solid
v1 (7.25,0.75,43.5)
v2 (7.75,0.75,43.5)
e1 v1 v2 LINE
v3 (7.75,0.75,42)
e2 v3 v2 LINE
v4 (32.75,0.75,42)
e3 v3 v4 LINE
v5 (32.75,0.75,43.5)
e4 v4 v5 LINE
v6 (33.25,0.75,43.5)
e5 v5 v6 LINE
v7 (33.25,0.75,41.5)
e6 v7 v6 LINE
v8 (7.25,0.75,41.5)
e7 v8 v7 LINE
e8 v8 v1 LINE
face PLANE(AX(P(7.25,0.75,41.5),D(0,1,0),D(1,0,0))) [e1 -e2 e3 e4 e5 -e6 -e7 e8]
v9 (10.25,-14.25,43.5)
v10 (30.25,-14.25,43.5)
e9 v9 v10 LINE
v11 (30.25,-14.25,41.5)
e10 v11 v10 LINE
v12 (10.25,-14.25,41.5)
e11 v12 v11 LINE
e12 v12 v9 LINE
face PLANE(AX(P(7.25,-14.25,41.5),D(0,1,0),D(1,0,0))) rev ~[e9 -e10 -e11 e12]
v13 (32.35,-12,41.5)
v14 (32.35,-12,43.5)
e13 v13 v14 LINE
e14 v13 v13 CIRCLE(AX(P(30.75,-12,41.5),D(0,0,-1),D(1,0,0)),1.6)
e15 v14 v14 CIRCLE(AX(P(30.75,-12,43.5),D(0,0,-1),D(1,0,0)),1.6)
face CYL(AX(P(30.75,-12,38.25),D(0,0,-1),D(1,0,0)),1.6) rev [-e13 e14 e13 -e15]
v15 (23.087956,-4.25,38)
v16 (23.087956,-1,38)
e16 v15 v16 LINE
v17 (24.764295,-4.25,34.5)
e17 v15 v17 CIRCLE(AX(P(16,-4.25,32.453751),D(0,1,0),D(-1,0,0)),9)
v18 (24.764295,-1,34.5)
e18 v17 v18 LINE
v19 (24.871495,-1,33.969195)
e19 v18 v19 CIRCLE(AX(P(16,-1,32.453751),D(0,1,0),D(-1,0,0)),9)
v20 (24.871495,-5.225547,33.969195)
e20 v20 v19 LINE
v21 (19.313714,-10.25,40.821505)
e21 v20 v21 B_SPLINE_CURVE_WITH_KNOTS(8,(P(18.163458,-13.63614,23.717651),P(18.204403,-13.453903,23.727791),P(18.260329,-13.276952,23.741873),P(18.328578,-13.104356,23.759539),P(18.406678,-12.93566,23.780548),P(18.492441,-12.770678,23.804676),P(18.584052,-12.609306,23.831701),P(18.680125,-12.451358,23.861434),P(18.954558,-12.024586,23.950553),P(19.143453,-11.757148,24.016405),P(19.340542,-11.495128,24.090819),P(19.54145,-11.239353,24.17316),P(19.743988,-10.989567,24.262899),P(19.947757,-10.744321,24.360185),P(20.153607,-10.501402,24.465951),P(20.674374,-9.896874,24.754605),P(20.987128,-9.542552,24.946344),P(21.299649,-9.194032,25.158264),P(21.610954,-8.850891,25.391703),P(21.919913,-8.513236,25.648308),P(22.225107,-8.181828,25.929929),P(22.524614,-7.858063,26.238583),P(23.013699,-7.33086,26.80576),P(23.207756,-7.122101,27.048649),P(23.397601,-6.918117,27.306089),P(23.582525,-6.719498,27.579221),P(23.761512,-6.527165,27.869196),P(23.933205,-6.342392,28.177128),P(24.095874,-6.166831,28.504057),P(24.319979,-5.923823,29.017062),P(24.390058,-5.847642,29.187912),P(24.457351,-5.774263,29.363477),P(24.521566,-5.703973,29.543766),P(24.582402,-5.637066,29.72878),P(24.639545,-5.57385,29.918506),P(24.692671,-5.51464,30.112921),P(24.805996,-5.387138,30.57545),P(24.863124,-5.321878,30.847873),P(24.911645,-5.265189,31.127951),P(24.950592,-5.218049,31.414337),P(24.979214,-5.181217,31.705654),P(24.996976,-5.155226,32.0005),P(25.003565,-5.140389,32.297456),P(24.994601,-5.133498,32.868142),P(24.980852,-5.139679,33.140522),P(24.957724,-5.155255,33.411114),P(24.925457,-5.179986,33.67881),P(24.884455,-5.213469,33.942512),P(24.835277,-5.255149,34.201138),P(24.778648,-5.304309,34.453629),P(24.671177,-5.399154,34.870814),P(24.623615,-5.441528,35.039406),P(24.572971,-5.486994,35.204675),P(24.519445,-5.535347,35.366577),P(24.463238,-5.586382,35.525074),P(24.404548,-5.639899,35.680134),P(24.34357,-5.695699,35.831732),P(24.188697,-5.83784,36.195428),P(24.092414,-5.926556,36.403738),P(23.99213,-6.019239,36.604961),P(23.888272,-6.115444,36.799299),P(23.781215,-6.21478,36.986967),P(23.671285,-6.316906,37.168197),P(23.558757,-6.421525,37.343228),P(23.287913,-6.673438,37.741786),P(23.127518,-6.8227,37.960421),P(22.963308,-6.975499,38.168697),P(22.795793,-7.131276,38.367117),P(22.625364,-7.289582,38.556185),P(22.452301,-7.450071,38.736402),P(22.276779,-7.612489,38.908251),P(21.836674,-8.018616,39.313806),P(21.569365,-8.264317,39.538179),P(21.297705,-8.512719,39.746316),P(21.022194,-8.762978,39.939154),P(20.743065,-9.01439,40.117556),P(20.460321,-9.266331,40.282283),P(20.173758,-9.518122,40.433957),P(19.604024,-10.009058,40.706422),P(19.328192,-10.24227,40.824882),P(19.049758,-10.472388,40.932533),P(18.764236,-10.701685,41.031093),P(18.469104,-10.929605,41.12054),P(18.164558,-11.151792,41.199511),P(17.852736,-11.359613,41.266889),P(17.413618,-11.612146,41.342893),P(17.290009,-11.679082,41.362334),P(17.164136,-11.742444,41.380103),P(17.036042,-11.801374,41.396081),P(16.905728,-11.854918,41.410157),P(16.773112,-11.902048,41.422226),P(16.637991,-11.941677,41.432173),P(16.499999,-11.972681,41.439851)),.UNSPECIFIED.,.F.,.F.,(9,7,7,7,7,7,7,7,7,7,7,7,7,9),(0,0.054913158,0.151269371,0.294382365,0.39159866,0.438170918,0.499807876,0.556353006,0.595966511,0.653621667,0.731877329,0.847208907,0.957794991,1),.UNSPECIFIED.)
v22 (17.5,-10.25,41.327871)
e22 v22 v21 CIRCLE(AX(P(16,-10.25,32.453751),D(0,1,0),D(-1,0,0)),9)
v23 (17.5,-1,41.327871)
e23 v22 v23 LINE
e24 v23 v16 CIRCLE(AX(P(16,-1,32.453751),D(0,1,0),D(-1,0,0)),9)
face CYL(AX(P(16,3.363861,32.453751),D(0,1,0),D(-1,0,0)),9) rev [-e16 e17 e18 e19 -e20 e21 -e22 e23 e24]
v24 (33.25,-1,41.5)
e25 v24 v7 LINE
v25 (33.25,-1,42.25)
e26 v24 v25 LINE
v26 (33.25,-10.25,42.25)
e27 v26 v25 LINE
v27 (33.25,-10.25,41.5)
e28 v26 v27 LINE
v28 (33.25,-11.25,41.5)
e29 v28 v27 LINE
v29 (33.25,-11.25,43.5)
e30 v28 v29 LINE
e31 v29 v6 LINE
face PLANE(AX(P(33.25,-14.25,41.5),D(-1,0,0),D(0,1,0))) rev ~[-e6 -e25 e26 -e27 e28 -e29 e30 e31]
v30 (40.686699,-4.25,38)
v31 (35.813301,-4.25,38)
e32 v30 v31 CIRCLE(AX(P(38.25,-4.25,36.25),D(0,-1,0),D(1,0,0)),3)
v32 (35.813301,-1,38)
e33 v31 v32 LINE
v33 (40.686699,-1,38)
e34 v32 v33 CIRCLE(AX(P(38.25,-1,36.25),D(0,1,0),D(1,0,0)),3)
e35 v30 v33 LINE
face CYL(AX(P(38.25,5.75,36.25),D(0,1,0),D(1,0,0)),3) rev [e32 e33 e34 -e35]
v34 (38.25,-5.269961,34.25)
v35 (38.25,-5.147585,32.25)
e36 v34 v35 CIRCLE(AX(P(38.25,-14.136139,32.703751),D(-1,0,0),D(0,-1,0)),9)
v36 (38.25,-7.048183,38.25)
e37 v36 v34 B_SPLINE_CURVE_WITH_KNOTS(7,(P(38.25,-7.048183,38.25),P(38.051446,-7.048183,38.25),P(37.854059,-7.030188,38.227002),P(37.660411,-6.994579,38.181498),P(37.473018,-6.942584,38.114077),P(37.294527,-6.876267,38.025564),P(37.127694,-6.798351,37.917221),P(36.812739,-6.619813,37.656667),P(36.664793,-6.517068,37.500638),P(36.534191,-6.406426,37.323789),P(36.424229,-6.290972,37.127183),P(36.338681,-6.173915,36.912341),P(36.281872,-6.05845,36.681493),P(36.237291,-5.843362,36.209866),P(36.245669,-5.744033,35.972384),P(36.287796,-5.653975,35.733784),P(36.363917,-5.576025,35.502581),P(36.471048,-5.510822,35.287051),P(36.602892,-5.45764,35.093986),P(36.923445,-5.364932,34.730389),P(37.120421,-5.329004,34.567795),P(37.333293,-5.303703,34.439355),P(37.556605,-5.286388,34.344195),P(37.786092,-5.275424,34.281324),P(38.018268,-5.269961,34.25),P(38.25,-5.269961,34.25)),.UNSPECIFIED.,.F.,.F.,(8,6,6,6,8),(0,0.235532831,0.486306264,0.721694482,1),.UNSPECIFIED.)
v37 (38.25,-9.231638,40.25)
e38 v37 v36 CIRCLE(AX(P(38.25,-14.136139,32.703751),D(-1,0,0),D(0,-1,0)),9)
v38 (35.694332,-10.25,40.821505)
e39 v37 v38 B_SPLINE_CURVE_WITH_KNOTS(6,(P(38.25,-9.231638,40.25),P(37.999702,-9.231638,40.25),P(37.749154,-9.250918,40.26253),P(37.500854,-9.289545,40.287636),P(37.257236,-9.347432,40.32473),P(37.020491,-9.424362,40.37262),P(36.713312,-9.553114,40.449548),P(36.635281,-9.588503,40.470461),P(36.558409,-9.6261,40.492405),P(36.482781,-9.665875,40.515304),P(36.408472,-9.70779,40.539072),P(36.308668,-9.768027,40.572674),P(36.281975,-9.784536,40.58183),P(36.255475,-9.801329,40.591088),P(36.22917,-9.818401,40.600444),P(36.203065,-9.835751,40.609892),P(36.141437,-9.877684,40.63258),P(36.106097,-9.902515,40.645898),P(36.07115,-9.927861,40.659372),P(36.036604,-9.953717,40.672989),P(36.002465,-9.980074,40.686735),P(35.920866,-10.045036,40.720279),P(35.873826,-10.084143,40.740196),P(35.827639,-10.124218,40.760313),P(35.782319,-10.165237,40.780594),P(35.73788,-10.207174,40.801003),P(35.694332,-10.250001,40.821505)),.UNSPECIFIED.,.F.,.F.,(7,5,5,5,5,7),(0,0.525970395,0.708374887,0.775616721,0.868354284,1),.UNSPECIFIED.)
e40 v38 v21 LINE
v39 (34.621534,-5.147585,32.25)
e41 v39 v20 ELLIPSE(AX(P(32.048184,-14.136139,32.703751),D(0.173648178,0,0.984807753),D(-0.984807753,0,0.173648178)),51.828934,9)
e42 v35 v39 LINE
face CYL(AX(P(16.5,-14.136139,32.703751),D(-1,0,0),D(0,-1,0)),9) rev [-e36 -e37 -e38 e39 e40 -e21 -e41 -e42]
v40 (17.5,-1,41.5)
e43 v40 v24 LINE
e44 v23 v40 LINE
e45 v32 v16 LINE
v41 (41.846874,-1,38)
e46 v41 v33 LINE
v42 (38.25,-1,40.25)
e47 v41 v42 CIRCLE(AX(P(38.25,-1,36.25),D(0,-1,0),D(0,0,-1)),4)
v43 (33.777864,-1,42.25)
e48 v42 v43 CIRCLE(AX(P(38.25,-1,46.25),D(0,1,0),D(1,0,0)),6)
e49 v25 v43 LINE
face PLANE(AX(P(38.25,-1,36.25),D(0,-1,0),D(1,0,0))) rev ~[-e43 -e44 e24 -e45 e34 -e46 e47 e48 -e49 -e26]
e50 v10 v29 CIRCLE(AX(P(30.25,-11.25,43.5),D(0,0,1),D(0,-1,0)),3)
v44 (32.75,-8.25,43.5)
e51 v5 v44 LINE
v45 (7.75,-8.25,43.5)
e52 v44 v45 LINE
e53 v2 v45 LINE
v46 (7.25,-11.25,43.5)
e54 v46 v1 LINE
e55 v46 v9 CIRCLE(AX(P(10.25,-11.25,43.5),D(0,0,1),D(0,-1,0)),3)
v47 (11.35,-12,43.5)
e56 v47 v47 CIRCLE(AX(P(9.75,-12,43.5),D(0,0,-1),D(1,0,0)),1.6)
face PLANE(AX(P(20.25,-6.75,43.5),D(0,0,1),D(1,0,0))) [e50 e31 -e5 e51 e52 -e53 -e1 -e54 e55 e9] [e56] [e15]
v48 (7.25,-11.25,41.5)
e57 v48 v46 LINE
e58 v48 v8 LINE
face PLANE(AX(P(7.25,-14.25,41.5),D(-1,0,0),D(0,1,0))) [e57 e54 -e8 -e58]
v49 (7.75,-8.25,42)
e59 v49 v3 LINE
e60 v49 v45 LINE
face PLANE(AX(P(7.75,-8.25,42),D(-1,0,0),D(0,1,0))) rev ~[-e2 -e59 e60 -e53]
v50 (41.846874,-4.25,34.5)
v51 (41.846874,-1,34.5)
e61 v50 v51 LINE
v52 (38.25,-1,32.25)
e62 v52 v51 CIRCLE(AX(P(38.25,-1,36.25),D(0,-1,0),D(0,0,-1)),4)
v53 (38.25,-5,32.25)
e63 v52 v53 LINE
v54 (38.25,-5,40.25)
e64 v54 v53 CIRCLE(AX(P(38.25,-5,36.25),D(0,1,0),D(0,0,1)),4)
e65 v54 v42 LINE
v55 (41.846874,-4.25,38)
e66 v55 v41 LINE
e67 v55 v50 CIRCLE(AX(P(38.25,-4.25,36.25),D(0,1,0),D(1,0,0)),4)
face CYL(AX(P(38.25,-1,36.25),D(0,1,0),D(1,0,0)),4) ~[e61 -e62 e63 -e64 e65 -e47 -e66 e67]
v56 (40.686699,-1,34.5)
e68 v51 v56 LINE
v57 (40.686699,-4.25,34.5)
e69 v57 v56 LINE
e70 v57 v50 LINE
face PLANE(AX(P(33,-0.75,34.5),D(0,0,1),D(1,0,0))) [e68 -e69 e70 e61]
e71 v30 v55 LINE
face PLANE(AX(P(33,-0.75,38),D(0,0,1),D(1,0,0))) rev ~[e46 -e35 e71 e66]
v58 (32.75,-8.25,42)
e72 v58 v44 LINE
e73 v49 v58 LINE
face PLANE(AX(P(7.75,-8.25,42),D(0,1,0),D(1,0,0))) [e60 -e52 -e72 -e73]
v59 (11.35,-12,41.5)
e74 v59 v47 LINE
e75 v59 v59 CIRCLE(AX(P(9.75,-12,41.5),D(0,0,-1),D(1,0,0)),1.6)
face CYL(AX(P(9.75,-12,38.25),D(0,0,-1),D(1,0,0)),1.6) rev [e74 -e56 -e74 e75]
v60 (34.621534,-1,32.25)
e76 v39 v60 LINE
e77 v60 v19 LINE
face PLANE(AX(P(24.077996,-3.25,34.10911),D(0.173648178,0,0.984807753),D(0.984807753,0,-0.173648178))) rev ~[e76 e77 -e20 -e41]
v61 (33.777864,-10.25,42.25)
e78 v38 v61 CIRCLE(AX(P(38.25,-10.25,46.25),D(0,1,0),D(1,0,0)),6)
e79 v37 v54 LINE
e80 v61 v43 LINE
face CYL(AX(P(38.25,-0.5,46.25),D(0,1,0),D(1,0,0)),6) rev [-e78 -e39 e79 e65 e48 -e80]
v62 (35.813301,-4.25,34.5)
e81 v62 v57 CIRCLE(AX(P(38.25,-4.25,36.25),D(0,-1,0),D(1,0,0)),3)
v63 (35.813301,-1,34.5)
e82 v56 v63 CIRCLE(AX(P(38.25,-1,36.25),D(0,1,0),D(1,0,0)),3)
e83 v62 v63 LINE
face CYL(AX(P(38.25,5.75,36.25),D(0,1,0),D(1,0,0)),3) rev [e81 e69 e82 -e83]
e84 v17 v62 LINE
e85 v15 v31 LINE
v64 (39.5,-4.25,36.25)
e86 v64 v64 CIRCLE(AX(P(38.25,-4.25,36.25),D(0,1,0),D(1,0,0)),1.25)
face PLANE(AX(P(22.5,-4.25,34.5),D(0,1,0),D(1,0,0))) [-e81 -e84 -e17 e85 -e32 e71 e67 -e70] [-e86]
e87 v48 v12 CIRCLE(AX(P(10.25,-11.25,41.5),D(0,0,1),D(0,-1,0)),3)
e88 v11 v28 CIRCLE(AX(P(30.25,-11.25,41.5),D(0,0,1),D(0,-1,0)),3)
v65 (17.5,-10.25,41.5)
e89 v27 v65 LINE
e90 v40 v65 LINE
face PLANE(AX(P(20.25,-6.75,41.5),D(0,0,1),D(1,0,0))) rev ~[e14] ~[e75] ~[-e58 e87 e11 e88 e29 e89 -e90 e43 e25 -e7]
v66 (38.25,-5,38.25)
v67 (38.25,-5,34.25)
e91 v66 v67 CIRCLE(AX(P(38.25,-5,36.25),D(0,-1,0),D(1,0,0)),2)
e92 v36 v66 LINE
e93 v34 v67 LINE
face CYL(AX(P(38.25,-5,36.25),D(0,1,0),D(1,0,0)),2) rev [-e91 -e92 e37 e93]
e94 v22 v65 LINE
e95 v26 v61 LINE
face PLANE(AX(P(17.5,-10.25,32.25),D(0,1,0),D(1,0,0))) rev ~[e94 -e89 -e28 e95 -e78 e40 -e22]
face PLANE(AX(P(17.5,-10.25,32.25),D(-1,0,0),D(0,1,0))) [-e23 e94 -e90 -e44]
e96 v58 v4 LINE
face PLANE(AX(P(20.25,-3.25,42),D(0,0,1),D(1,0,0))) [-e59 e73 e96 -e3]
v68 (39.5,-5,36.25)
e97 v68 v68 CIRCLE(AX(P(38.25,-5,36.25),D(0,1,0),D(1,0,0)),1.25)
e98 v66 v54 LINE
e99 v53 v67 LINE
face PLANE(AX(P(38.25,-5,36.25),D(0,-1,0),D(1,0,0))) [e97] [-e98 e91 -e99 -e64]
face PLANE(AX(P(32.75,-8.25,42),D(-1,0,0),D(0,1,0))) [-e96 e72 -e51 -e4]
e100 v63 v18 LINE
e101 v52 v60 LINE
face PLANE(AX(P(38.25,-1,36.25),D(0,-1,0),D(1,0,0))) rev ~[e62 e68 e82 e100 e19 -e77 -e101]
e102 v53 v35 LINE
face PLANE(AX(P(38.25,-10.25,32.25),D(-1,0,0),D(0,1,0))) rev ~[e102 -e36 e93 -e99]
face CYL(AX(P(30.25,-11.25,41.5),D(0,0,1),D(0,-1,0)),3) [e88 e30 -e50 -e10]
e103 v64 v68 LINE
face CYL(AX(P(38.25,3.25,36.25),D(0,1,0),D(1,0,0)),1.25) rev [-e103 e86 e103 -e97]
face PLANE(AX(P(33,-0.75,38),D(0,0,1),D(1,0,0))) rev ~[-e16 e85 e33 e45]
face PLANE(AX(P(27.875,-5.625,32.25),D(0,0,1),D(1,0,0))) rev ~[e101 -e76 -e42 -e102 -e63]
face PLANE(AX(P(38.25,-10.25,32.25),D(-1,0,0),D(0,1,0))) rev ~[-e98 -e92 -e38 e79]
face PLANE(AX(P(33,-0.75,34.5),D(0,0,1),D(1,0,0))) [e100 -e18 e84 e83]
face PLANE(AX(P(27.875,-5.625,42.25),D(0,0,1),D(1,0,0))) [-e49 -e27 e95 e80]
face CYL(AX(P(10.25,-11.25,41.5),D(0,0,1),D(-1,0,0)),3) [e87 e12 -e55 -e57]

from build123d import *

# Parameters (mm, degrees)
BOX239_W               = 25
BOX239_H               = 10
BOX239_DEPTH           = 10
BOX239_PLACEMENT_ANGLE = 10
BOX236_W               = 25
BOX236_H               = 10
BOX236_DEPTH           = 10
CYLINDER312_R          = 9
CYLINDER312_DEPTH      = 17
CYLINDER311_R          = 9
CYLINDER311_DEPTH      = 24
CYLINDER315_R          = 3
CYLINDER315_DEPTH      = 10
BOX234_W               = 21
BOX234_H               = 7
BOX234_DEPTH           = 3.5
CYLINDER317_R          = 1.25
CYLINDER317_DEPTH      = 10
CYLINDER318_R          = 6
CYLINDER318_DEPTH      = 10
CYLINDER313_R          = 2
CYLINDER313_DEPTH      = 10
BOX230_W               = 20.75
BOX230_H               = 9.25
BOX230_DEPTH           = 10
CYLINDER316_R          = 4
CYLINDER316_DEPTH      = 4
BOX233_W               = 12
BOX233_H               = 4
BOX233_DEPTH           = 8
CYLINDER310_R          = 1.6
CYLINDER310_DEPTH      = 10
CYLINDER309_R          = 1.6
CYLINDER309_DEPTH      = 10
BOX231_W               = 26
BOX231_H               = 15
BOX231_DEPTH           = 2
FILLET122_R            = 3


with BuildPart() as w_rfel226:
    # Box239 → Box239 (new body)
    with BuildSketch(Plane.XY):
        with Locations((12.5, 5)):
            Rectangle(BOX239_W, BOX239_H)
    extrude(amount=BOX239_DEPTH)


with BuildPart() as w_rfel226_1:
    # Box239 placement: moved
    add(w_rfel226.part.moved(Location((10.031417, -8.25, 26.431635))).rotate(Axis((10.031417, -8.25, 26.431635), (0, 1, 0)), BOX239_PLACEMENT_ANGLE))


with BuildPart() as w_rfel223:
    # Box236 → Box236 (new body)
    with BuildSketch(Plane(origin=(7.75, -8.25, 42), x_dir=(1, 0, 0), z_dir=(0, 0, 1))):
        with Locations((12.5, 5)):
            Rectangle(BOX236_W, BOX236_H)
    extrude(amount=BOX236_DEPTH)


with BuildPart() as zylinder314:
    # Cylinder312 → Cylinder312 (new body)
    with BuildSketch(Plane(origin=(16, 3.363861, 32.453751), x_dir=(-1, 0, 0), z_dir=(0, -1, 0))):
        Circle(CYLINDER312_R)
    extrude(amount=CYLINDER312_DEPTH)


with BuildPart() as fusion210:
    # Cylinder311 → Cylinder311 (new body)
    with BuildSketch(Plane(origin=(16.5, -14.136139, 32.703751), x_dir=(0, -1, 0), z_dir=(1, 0, 0))):
        Circle(CYLINDER311_R)
    extrude(amount=CYLINDER311_DEPTH)

    # Fusion210: union Zylinder314
    add(zylinder314.part)


with BuildPart() as zylinder317:
    # Cylinder315 → Cylinder315 (new body)
    with BuildSketch(Plane(origin=(38.25, 5.75, 36.25), x_dir=(1, 0, 0), z_dir=(0, -1, 0))):
        Circle(CYLINDER315_R)
    extrude(amount=CYLINDER315_DEPTH)


with BuildPart() as w_rfel221:
    # Box234 → Box234 (new body)
    with BuildSketch(Plane(origin=(22.5, -4.25, 34.5), x_dir=(1, 0, 0), z_dir=(0, 0, 1))):
        with Locations((10.5, 3.5)):
            Rectangle(BOX234_W, BOX234_H)
    extrude(amount=BOX234_DEPTH)


with BuildPart() as zylinder319:
    # Cylinder317 → Cylinder317 (new body)
    with BuildSketch(Plane(origin=(38.25, 3.25, 36.25), x_dir=(1, 0, 0), z_dir=(0, -1, 0))):
        Circle(CYLINDER317_R)
    extrude(amount=CYLINDER317_DEPTH)


with BuildPart() as zylinder320:
    # Cylinder318 → Cylinder318 (new body)
    with BuildSketch(Plane(origin=(38.25, -0.5, 46.25), x_dir=(1, 0, 0), z_dir=(0, -1, 0))):
        Circle(CYLINDER318_R)
    extrude(amount=CYLINDER318_DEPTH)


with BuildPart() as fusion212:
    # Cylinder313 → Cylinder313 (new body)
    with BuildSketch(Plane(origin=(38.25, -5, 36.25), x_dir=(1, 0, 0), z_dir=(0, -1, 0))):
        Circle(CYLINDER313_R)
    extrude(amount=CYLINDER313_DEPTH)

    # Fusion212: union Zylinder317, Würfel221, Zylinder319, Zylinder320
    add(zylinder317.part)
    add(w_rfel221.part)
    add(zylinder319.part)
    add(zylinder320.part)


with BuildPart() as w_rfel217:
    # Box230 → Box230 (new body)
    with BuildSketch(Plane(origin=(17.5, -10.25, 32.25), x_dir=(1, 0, 0), z_dir=(0, 0, 1))):
        with Locations((10.375, 4.625)):
            Rectangle(BOX230_W, BOX230_H)
    extrude(amount=BOX230_DEPTH)


with BuildPart() as zylinder318:
    # Cylinder316 → Cylinder316 (new body)
    with BuildSketch(Plane(origin=(38.25, -1, 36.25), x_dir=(1, 0, 0), z_dir=(0, -1, 0))):
        Circle(CYLINDER316_R)
    extrude(amount=CYLINDER316_DEPTH)


with BuildPart() as cut146:
    # Box233 → Box233 (new body)
    with BuildSketch(Plane(origin=(26.25, -5, 32.25), x_dir=(1, 0, 0), z_dir=(0, 0, 1))):
        with Locations((6, 2)):
            Rectangle(BOX233_W, BOX233_H)
    extrude(amount=BOX233_DEPTH)

    # Fusion211: union Würfel217, Zylinder318
    add(w_rfel217.part)
    add(zylinder318.part)

    # Cut145: cut Fusion212
    add(fusion212.part, mode=Mode.SUBTRACT)

    # Cut146: cut Fusion210
    add(fusion210.part, mode=Mode.SUBTRACT)


with BuildPart() as zylinder312:
    # Cylinder310 → Cylinder310 (new body)
    with BuildSketch(Plane(origin=(35, -13.75, 33.25), x_dir=(1, 0, 0), z_dir=(0, 0, 1))):
        Circle(CYLINDER310_R)
    extrude(amount=CYLINDER310_DEPTH)


with BuildPart() as fusion209:
    # Cylinder309 → Cylinder309 (new body)
    with BuildSketch(Plane(origin=(14, -13.75, 33.25), x_dir=(1, 0, 0), z_dir=(0, 0, 1))):
        Circle(CYLINDER309_R)
    extrude(amount=CYLINDER309_DEPTH)

    # Fusion209: union Zylinder312
    add(zylinder312.part)


with BuildPart() as fusion209_1:
    # Fusion209 placement: moved
    add(fusion209.part.moved(Location((0.5, 0, 5))))


with BuildPart() as cut149:
    # Box231 → Box231 (new body)
    with BuildSketch(Plane(origin=(12, -16, 41.5), x_dir=(1, 0, 0), z_dir=(0, 0, 1))):
        with Locations((13, 7.5)):
            Rectangle(BOX231_W, BOX231_H)
    extrude(amount=BOX231_DEPTH)

    # Cut144: cut Fusion209
    add(fusion209_1.part, mode=Mode.SUBTRACT)


with BuildPart() as cut149_1:
    # Cut144 placement: moved
    add(cut149.part.moved(Location((0, 1.75, 0))))

    # Fillet122
    fillet122_edges = [cut149_1.edges().sort_by_distance(p)[0] for p in [
        (12, -14.25, 42.5),
        (38, -14.25, 42.5),
    ]]
    fillet(fillet122_edges, radius=FILLET122_R)


with BuildPart() as cut149_2:
    # Fillet122 placement: moved
    add(cut149_1.part.moved(Location((-4.75, 0, 0))))

    # Fusion213: union Cut146
    add(cut146.part)

    # Cut147: cut Würfel223
    add(w_rfel223.part, mode=Mode.SUBTRACT)

    # Cut149: cut Würfel226
    add(w_rfel226_1.part, mode=Mode.SUBTRACT)


solid = cut149_2.part
